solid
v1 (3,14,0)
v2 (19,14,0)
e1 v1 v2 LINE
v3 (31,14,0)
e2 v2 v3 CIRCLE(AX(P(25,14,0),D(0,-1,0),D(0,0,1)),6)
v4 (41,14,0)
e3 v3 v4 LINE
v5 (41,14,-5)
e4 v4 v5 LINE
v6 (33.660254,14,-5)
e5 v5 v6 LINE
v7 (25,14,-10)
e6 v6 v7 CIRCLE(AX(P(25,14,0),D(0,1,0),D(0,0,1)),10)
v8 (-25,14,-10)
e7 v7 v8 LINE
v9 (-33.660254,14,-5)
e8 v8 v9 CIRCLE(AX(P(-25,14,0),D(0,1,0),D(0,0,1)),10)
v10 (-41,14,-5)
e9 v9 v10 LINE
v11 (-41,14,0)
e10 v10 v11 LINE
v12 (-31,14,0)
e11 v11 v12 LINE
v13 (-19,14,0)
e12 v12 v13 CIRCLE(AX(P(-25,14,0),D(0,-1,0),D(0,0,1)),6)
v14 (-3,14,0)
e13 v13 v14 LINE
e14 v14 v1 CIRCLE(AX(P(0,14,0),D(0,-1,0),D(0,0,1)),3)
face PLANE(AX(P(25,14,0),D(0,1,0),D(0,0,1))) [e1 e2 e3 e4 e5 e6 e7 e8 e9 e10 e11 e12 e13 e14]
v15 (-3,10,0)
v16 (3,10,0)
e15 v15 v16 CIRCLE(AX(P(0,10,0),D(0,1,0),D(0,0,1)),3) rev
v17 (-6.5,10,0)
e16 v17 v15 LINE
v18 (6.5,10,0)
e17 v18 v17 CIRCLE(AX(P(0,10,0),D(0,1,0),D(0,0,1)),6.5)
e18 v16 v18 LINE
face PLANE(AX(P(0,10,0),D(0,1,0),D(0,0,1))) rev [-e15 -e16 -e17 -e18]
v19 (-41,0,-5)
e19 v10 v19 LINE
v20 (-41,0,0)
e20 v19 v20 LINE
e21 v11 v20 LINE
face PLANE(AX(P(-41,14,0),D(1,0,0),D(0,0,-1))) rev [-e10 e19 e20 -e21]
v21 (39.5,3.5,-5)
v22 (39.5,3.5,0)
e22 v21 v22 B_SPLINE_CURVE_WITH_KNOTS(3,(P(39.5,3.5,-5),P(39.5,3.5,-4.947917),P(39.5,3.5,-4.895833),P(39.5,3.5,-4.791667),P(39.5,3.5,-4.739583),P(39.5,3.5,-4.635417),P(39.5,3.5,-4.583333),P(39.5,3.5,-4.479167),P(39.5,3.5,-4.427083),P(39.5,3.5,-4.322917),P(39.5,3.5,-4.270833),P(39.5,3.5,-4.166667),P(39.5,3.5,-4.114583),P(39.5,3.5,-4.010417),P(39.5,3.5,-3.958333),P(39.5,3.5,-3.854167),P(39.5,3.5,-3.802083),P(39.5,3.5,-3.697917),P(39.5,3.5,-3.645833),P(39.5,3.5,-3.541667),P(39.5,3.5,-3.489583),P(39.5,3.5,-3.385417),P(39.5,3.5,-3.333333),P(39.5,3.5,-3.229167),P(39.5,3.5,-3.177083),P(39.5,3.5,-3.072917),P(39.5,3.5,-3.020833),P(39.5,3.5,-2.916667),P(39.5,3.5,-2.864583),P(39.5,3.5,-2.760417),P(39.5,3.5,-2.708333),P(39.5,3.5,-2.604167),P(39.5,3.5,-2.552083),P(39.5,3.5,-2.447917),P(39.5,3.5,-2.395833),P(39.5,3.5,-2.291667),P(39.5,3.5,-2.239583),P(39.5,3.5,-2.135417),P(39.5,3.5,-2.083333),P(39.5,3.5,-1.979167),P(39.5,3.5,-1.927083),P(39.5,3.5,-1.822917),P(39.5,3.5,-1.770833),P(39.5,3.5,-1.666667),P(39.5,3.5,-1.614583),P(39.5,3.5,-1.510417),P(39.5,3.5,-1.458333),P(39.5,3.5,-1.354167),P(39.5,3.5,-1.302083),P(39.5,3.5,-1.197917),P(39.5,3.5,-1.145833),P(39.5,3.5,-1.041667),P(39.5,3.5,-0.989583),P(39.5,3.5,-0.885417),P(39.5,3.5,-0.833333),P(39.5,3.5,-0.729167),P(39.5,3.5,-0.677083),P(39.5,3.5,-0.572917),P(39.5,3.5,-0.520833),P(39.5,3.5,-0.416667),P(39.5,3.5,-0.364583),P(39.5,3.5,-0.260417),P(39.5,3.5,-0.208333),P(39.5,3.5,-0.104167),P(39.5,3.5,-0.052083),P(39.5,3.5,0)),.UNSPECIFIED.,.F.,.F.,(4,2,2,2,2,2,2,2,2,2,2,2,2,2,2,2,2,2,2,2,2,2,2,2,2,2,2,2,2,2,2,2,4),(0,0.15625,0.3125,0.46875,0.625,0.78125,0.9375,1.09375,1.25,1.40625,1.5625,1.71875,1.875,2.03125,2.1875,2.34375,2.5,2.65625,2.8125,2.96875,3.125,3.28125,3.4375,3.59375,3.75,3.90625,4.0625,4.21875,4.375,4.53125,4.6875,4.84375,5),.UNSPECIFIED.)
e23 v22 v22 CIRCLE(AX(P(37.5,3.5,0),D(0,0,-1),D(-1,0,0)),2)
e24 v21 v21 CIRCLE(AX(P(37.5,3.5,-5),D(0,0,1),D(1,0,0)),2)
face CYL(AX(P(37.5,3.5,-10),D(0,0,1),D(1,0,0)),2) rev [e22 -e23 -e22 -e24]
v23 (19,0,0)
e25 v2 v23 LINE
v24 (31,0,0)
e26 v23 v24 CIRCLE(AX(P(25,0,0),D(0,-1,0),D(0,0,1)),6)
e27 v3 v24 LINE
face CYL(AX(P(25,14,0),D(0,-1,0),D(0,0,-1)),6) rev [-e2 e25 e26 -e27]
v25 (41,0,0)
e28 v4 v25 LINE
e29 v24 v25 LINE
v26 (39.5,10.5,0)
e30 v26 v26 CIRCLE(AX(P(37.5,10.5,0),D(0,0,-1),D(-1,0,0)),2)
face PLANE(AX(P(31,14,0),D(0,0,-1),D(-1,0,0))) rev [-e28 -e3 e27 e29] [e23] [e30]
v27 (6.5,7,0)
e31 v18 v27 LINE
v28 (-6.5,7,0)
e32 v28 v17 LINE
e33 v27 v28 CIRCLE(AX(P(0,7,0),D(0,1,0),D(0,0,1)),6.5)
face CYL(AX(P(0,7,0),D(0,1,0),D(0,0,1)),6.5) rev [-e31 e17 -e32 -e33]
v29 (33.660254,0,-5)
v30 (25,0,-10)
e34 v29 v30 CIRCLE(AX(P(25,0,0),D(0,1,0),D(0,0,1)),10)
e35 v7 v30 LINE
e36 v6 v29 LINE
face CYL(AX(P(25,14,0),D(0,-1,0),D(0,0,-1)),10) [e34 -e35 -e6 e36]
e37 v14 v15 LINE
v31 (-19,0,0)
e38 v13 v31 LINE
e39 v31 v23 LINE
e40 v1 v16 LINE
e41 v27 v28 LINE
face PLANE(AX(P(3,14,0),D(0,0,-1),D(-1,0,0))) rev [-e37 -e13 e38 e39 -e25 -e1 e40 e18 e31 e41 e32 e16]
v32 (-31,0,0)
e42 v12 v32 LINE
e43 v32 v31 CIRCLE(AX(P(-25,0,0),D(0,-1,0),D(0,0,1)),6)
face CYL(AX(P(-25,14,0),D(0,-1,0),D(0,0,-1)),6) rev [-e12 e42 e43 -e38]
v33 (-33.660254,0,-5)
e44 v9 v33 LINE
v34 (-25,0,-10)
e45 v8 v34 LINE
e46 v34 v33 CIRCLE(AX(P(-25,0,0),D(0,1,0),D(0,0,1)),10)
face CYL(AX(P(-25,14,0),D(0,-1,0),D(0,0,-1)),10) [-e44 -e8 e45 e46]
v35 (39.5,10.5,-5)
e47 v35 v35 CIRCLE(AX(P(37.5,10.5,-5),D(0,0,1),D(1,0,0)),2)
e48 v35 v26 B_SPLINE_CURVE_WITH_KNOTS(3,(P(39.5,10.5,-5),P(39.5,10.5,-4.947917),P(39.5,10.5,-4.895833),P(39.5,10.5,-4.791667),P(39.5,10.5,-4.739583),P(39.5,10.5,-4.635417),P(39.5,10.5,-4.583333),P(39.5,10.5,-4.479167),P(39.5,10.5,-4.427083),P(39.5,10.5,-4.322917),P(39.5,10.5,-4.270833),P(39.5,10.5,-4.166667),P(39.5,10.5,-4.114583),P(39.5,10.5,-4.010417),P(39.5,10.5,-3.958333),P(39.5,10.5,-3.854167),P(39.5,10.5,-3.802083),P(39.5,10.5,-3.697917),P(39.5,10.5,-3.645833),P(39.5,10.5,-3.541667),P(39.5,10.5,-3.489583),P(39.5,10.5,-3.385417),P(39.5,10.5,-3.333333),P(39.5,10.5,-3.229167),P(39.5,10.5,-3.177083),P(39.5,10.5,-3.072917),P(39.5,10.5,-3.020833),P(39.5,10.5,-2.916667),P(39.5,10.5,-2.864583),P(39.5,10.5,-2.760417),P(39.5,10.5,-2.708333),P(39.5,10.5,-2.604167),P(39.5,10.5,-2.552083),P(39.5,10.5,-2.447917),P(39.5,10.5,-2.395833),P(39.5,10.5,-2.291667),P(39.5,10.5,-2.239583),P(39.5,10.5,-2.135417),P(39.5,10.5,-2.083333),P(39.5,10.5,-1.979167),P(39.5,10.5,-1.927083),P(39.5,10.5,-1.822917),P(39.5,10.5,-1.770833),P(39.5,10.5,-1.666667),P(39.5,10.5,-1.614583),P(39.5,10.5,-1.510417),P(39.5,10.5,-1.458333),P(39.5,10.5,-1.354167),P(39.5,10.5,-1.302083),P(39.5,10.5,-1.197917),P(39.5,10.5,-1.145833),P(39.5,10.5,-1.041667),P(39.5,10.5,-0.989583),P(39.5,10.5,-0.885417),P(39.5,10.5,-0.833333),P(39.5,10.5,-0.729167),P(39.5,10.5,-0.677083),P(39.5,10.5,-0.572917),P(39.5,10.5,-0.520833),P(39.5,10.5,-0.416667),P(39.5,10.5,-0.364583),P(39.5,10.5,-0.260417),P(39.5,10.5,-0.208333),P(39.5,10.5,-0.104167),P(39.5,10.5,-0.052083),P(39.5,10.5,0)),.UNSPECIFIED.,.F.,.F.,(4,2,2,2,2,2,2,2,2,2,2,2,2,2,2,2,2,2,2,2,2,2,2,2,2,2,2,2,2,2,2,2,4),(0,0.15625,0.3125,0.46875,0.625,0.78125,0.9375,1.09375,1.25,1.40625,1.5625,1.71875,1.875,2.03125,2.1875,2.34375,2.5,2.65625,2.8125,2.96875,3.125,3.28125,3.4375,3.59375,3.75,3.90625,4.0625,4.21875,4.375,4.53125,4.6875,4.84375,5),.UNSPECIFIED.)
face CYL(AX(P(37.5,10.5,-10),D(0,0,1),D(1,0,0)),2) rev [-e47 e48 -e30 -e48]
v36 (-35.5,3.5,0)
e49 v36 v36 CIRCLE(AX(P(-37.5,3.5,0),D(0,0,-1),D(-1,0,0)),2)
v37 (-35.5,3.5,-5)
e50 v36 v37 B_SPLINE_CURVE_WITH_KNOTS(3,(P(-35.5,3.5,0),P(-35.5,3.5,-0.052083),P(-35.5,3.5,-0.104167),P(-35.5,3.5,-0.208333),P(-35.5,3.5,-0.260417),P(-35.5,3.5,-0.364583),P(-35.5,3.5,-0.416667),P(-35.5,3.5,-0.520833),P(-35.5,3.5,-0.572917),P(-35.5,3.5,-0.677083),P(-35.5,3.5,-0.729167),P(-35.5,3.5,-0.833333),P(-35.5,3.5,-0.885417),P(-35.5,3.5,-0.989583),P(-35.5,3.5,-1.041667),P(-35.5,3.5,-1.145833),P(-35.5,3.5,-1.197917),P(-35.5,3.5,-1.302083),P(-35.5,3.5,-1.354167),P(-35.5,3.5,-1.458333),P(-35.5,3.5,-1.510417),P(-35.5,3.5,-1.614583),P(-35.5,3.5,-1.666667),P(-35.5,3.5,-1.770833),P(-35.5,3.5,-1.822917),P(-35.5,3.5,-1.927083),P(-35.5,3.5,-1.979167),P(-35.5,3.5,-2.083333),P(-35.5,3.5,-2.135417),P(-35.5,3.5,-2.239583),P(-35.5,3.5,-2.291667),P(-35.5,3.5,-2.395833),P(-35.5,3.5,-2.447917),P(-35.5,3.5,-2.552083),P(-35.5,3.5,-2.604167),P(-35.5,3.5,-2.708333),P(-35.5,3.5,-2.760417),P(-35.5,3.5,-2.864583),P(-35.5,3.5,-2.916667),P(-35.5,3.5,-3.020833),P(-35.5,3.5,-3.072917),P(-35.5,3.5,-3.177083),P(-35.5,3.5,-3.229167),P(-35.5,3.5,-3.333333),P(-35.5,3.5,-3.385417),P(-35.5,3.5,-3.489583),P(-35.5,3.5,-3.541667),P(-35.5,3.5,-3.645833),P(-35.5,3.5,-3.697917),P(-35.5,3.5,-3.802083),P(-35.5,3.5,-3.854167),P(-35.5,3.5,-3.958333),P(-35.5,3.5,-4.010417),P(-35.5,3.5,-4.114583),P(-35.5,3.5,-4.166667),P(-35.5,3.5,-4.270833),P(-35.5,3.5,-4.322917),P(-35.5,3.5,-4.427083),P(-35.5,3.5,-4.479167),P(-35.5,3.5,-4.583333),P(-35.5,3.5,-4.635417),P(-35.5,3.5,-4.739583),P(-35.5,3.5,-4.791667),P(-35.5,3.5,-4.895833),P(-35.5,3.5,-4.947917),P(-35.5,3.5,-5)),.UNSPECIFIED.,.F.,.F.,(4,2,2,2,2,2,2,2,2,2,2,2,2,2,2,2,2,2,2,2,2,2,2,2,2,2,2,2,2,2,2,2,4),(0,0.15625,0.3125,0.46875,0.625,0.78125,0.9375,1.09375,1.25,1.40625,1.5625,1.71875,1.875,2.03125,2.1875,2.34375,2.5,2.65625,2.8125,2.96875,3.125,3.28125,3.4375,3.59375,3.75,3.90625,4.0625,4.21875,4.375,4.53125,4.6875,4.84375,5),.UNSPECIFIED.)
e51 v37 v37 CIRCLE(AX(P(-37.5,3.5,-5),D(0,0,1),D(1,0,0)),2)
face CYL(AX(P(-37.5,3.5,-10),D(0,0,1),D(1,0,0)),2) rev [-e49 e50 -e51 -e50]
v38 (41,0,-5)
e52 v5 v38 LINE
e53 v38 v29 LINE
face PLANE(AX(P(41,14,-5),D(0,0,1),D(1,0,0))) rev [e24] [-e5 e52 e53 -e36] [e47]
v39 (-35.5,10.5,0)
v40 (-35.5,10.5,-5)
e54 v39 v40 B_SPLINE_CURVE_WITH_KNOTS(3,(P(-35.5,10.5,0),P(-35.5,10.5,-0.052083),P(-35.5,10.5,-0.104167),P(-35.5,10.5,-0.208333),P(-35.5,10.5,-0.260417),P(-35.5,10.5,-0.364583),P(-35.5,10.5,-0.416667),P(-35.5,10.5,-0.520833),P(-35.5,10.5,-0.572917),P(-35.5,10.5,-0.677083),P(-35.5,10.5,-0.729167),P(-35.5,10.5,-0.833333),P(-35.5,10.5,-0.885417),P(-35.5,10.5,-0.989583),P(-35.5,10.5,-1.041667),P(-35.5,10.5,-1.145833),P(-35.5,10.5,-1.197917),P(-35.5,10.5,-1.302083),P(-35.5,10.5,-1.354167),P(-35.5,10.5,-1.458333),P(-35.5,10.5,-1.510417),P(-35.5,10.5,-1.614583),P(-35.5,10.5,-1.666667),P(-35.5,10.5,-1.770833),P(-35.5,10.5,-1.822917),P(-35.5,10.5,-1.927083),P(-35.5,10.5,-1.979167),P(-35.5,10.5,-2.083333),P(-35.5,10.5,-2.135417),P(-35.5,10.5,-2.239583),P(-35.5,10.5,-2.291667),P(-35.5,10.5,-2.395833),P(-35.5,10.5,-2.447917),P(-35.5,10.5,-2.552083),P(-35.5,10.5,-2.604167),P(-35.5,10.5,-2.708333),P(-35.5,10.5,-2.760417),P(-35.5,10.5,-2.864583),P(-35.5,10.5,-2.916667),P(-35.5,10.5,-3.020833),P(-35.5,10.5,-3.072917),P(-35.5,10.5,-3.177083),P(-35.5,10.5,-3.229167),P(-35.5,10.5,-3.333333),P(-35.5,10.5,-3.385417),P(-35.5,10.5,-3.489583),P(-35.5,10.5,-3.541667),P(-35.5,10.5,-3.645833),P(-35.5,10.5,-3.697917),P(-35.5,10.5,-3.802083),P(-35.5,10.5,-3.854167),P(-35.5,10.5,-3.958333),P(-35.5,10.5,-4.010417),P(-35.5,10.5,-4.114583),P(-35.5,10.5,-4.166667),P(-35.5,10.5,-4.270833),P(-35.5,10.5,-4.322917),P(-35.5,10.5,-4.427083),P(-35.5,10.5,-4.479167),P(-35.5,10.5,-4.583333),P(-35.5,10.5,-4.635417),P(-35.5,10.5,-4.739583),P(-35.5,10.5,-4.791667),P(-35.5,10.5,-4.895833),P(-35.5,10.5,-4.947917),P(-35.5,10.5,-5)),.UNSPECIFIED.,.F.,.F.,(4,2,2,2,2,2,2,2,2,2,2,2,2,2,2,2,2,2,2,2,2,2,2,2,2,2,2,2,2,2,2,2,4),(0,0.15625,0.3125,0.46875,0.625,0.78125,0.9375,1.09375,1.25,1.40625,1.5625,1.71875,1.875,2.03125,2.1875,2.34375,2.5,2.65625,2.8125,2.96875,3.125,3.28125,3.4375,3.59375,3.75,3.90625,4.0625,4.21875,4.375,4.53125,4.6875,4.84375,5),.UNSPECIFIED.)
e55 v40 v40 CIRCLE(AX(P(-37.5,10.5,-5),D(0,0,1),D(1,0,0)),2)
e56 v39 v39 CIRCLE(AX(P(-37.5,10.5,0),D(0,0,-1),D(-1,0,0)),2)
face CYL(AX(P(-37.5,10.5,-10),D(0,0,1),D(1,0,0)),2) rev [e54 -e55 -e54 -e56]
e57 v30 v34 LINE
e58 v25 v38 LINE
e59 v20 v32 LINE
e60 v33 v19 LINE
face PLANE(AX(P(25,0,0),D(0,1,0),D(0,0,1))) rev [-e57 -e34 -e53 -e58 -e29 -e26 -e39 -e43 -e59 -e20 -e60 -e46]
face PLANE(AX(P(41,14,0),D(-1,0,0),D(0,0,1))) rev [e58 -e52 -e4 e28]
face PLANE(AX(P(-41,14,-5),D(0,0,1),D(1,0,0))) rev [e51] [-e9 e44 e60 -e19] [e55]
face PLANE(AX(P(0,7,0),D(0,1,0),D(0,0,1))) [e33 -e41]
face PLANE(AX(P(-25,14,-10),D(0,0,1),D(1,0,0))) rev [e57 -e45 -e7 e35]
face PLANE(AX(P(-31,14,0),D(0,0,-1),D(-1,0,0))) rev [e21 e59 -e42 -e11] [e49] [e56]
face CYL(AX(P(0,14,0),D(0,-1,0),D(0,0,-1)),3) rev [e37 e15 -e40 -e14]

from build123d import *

# Parameters (mm, degrees)
BOSS_EXTRUDE1_DEPTH     = 14
CUT_EXTRUDE1_DEPTH      = 45.463468151
CUT_EXTRUDE1_DEPTH_BACK = 45.463468151
SKETCH4_R               = 2
SKETCH5_W               = 9.30871577
SKETCH5_H               = 4.044371358
BOSS_EXTRUDE2_DEPTH     = 7
CUT_EXTRUDE2_START      = 1.5
SKETCH6_R               = 6.5
CUT_EXTRUDE2_DEPTH      = 1.5


with BuildPart() as part:
    # Sketch2 → Boss-Extrude1 (new body)
    with BuildSketch(Plane(origin=(0, 0, 0), x_dir=(1, 0, 0), z_dir=(0, 1, 0))):
        with BuildLine():
            Line((-3, 0), (-19, 0))
            ThreePointArc((-19, 0), (-25, 6), (-31, 0))
            Line((-31, 0), (-41, 0))
            Line((-41, 0), (-41, 5))
            Line((-41, 5), (-33.660254038, 5))
            ThreePointArc((-33.660254038, 5), (-30, 8.660254038), (-25, 10))
            Line((-25, 10), (25, 10))
            ThreePointArc((25, 10), (30, 8.660254038), (33.660254038, 5))
            Line((33.660254038, 5), (41, 5))
            Line((41, 5), (41, 0))
            Line((41, 0), (31, 0))
            ThreePointArc((31, 0), (25, 6), (19, 0))
            Line((19, 0), (3, 0))
            ThreePointArc((3, 0), (0, 3), (-3, 0))
        make_face()
    extrude(amount=BOSS_EXTRUDE1_DEPTH)

    # Sketch4 → Cut-Extrude1 (cut, two sides: drawn at the far end of the back side and taken through both)
    with BuildSketch(Plane.XY.offset(-CUT_EXTRUDE1_DEPTH_BACK)):
        with Locations((-37.5, 10.5)):
            Circle(SKETCH4_R)
        with Locations((-37.5, 3.5)):
            Circle(SKETCH4_R)
        with Locations((37.5, 10.5)):
            Circle(SKETCH4_R)
        with Locations((37.5, 3.5)):
            Circle(SKETCH4_R)
    extrude(amount=CUT_EXTRUDE1_DEPTH + CUT_EXTRUDE1_DEPTH_BACK, mode=Mode.SUBTRACT)

    # Sketch5 → Boss-Extrude2 (add)
    with BuildSketch(Plane.XZ):
        with Locations((-0.028958253, -2.022185679)):
            Rectangle(SKETCH5_W, SKETCH5_H)
    extrude(amount=-BOSS_EXTRUDE2_DEPTH)

    # Sketch6 → Cut-Extrude2 (cut, symmetric)
    with BuildSketch(Plane(origin=(0, 7, 0), x_dir=(1, 0, 0), z_dir=(0, 1, 0)).offset(CUT_EXTRUDE2_START)):
        Circle(SKETCH6_R)
    extrude(amount=CUT_EXTRUDE2_DEPTH, both=True, mode=Mode.SUBTRACT)


solid = part.part
